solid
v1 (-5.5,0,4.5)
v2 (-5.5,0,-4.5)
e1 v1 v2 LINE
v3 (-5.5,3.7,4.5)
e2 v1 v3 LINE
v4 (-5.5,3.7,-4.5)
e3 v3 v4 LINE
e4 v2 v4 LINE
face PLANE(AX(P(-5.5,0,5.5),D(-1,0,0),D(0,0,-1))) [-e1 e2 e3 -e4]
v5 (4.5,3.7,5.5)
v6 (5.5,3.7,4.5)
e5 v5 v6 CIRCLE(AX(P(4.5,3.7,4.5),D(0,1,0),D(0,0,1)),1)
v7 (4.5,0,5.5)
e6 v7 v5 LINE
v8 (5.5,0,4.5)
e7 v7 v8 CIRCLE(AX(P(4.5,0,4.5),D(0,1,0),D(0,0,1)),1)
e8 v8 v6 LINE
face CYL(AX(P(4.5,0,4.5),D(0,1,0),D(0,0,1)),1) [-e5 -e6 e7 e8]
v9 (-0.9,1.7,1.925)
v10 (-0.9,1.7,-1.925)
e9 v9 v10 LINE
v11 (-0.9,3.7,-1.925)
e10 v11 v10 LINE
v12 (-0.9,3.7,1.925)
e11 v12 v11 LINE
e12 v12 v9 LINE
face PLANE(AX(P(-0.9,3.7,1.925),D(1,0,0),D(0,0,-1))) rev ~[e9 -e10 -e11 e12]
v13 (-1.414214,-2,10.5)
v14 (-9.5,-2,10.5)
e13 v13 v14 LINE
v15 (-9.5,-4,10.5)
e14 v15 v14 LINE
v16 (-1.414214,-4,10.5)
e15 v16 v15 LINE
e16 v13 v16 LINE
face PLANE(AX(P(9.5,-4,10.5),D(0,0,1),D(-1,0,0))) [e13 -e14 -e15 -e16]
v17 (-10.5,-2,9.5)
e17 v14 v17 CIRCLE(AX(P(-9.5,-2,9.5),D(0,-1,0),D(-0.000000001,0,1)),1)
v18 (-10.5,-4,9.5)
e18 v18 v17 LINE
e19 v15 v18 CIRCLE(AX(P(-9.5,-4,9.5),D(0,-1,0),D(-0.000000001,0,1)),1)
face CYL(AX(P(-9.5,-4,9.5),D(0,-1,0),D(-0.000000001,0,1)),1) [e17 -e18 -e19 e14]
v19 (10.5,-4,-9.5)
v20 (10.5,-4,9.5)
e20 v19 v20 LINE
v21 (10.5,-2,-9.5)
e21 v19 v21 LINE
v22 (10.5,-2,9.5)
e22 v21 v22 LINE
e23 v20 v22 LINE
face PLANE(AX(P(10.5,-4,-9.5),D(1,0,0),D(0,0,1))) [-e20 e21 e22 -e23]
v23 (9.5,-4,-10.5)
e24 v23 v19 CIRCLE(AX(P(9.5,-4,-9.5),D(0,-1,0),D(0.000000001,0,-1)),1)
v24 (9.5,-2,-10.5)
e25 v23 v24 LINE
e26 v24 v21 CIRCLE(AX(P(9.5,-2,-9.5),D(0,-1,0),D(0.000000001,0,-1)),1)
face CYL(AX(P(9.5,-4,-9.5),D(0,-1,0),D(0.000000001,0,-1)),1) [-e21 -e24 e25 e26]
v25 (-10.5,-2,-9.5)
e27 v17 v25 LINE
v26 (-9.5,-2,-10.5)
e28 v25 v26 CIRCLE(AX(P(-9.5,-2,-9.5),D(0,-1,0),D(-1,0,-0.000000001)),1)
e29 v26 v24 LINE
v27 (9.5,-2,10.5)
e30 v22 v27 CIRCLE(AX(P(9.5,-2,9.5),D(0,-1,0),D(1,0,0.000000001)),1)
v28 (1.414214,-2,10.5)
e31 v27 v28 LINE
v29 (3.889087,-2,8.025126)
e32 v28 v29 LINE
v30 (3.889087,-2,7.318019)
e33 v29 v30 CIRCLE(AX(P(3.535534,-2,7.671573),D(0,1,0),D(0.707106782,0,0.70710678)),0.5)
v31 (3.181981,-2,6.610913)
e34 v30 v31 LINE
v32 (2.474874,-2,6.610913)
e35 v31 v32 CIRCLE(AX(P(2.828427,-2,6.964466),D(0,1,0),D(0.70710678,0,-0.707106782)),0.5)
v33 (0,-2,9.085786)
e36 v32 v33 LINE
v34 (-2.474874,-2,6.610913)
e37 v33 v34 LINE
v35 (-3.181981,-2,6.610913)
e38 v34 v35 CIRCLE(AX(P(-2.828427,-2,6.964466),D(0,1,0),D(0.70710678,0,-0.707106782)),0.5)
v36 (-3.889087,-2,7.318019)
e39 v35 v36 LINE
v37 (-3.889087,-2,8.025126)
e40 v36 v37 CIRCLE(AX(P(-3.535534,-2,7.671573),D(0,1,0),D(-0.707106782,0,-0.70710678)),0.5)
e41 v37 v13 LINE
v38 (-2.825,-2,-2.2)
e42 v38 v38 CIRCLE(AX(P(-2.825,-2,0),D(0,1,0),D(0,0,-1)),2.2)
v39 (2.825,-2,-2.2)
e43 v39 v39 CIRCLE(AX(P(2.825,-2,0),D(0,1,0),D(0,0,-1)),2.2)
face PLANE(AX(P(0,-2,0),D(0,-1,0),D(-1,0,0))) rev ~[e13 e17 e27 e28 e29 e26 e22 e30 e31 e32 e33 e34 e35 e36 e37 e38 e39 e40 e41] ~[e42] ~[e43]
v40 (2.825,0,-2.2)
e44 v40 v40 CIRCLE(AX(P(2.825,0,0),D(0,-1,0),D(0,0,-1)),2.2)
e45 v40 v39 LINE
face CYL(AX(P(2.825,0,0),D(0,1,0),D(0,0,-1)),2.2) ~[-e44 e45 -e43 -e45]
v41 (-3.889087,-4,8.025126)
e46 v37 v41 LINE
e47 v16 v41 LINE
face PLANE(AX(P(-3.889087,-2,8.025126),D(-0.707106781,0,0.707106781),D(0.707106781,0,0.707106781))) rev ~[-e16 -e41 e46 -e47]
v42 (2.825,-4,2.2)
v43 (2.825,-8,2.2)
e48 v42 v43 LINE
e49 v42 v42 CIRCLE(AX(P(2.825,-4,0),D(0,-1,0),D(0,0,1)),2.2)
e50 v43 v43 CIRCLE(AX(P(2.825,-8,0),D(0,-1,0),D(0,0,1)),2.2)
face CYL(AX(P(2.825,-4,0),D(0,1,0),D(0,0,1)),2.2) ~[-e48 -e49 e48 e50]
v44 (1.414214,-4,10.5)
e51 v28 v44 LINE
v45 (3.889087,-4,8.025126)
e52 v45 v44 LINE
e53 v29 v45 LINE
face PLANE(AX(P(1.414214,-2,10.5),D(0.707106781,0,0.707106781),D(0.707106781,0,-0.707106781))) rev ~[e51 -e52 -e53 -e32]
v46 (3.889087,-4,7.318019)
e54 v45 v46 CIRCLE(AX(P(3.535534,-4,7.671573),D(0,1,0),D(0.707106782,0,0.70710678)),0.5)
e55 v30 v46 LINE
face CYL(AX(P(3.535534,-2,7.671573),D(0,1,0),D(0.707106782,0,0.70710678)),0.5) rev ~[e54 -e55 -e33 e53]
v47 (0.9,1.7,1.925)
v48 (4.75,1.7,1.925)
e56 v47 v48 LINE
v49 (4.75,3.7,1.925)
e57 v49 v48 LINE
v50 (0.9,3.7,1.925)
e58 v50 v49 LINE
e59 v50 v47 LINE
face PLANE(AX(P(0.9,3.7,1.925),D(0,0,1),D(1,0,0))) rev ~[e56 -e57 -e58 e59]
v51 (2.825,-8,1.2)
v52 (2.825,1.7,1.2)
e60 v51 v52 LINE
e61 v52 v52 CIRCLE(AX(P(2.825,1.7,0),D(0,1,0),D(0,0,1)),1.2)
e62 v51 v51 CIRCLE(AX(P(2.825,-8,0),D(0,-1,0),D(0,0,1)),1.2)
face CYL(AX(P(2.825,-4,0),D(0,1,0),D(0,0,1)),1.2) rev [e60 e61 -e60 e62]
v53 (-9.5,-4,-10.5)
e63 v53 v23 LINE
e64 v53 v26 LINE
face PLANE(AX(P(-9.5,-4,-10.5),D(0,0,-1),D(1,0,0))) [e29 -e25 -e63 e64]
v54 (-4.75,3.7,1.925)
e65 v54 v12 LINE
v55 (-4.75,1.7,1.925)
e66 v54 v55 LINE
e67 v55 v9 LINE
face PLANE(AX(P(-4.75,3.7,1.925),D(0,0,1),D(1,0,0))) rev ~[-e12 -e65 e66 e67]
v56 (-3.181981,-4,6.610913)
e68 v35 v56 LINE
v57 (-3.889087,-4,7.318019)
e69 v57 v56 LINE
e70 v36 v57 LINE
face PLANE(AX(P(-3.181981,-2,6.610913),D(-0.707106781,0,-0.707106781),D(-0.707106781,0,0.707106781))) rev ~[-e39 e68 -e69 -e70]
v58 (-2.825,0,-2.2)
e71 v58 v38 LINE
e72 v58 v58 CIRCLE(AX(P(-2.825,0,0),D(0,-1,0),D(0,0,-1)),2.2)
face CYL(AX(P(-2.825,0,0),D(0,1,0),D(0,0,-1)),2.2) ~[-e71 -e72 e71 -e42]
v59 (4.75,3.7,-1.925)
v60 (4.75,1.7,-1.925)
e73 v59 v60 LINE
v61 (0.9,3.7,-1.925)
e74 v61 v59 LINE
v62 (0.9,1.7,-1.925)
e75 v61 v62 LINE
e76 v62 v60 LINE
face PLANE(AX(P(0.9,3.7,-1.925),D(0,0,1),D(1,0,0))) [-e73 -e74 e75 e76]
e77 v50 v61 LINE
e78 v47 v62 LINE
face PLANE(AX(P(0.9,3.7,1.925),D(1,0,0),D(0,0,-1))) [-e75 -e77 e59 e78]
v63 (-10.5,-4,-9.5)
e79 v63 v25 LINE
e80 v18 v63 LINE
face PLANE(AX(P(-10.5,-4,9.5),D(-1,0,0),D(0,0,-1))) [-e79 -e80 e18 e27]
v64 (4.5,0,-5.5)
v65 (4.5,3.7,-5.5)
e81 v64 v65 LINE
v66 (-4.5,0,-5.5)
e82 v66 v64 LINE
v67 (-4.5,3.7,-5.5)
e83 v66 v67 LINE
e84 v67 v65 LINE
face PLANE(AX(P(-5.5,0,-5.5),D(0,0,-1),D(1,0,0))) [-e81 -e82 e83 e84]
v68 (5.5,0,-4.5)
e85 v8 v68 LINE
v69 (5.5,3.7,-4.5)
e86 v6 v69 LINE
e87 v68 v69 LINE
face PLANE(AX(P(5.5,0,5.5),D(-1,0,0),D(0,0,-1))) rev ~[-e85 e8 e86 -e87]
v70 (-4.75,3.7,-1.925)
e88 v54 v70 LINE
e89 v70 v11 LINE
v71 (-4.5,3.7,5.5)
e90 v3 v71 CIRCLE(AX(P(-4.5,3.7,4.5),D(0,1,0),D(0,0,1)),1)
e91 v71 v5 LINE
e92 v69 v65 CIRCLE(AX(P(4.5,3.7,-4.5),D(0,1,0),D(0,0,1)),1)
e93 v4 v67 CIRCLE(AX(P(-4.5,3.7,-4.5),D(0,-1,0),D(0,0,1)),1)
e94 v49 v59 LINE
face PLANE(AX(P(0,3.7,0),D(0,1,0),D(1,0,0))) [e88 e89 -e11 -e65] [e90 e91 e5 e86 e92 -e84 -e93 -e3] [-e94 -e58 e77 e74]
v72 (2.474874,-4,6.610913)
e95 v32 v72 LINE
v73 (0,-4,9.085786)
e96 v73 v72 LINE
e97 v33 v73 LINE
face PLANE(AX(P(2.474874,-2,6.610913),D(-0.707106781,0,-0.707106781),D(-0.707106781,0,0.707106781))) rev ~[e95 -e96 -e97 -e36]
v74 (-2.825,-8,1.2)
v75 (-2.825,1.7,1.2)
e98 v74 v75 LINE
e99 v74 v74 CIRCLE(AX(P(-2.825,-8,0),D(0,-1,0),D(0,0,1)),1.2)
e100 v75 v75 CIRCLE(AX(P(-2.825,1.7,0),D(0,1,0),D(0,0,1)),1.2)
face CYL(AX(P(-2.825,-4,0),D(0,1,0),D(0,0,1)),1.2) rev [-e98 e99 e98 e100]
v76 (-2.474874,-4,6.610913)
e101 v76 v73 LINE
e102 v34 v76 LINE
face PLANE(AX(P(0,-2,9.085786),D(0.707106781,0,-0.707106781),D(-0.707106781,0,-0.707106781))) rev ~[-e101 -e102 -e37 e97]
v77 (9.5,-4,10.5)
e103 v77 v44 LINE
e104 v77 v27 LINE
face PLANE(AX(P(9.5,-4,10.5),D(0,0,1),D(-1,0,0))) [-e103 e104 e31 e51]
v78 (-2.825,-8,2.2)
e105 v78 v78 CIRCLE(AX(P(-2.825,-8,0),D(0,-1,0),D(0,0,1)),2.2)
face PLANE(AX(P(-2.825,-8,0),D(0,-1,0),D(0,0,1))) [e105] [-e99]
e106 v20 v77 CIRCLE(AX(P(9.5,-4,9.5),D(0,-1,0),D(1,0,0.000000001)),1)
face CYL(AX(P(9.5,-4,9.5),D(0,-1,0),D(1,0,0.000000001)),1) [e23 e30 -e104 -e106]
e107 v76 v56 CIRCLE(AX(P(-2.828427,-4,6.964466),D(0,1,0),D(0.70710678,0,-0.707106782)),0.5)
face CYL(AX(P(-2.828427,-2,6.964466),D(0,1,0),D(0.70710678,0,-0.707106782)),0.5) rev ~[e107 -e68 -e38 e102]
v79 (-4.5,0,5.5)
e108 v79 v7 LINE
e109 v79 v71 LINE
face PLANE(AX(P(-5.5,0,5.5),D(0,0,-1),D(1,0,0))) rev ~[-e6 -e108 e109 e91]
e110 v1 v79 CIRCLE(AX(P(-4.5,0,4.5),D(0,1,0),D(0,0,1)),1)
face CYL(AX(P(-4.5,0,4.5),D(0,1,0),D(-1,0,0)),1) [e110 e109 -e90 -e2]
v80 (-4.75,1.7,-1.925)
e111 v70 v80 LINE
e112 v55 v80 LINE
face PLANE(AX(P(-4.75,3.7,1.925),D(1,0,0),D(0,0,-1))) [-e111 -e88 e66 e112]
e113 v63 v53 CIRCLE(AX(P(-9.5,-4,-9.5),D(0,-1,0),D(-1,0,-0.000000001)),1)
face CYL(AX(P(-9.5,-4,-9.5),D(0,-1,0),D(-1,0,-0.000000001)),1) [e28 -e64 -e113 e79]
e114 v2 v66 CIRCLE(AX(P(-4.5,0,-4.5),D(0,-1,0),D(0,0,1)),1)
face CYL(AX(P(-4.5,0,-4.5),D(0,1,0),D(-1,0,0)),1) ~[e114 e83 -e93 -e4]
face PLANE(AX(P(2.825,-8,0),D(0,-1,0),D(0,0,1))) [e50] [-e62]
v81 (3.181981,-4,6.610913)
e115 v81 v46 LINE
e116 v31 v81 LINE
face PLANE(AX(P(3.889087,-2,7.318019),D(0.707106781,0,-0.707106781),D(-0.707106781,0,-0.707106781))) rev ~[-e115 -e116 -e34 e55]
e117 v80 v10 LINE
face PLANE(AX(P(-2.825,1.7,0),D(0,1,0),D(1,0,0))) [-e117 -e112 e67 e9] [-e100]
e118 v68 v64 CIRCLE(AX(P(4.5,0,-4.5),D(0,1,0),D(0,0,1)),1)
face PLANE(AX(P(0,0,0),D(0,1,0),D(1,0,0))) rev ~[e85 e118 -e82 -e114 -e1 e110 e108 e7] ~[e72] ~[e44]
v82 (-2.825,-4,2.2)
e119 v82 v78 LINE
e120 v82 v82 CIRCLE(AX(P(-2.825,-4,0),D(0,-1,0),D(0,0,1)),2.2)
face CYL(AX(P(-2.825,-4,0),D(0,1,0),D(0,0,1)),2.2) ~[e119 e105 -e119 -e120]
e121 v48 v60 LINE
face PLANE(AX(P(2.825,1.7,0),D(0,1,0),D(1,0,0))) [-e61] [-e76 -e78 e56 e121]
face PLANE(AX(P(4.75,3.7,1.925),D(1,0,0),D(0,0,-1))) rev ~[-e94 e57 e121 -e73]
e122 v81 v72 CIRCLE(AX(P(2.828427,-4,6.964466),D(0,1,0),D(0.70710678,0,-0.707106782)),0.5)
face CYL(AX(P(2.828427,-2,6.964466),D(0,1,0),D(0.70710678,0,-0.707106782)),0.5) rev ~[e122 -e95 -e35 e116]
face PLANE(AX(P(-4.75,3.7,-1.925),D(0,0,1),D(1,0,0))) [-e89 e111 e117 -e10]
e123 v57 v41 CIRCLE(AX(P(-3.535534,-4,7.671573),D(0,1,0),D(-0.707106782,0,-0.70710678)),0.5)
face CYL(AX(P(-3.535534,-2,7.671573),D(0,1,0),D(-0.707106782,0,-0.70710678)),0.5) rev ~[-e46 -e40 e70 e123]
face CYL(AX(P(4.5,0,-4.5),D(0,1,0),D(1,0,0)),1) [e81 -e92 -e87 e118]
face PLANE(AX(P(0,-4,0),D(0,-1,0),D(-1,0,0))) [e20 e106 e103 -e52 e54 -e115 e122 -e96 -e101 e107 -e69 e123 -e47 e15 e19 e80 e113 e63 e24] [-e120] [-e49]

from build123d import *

# Parameters (mm, degrees)
SKETCH1_W           = 11
SKETCH1_H           = 11
BOSS_EXTRUDE1_DEPTH = 3.7
FILLET1_R           = 1
SKETCH2_W           = 3.85
SKETCH2_H           = 3.85
CUT_EXTRUDE1_DEPTH  = 2
SKETCH4_R           = 2.2
BOSS_EXTRUDE2_DEPTH = 4
BOSS_EXTRUDE3_DEPTH = 2
SKETCH3_R           = 1.2
CUT_EXTRUDE2_DEPTH  = 17.726924403
CUT_EXTRUDE3_DEPTH  = 16.90565937
SKETCH8_R           = 2.2
SKETCH8_R_2         = 1.2
BOSS_EXTRUDE4_DEPTH = 4


with BuildPart() as part:
    # Sketch1 → Boss-Extrude1 (new body)
    with BuildSketch(Plane(origin=(0, 0, 0), x_dir=(1, 0, 0), z_dir=(0, 1, 0))):
        Rectangle(SKETCH1_W, SKETCH1_H)
    extrude(amount=BOSS_EXTRUDE1_DEPTH)

    # Fillet1
    fillet1_edges = [part.edges().sort_by_distance(p)[0] for p in [
        (5.5, 1.85, 5.5),
        (-5.5, 1.85, 5.5),
        (-5.5, 1.85, -5.5),
        (5.5, 1.85, -5.5),
    ]]
    fillet(fillet1_edges, radius=FILLET1_R)

    # Sketch2 → Cut-Extrude1 (cut)
    with BuildSketch(Plane(origin=(0, 3.7, 0), x_dir=(1, 0, 0), z_dir=(0, 1, 0))):
        with Locations((-2.825, 0)):
            Rectangle(SKETCH2_W, SKETCH2_H)
        with Locations((2.825, 0)):
            Rectangle(SKETCH2_W, SKETCH2_H)
    extrude(amount=-CUT_EXTRUDE1_DEPTH, mode=Mode.SUBTRACT)

    # Sketch4 → Boss-Extrude2 (add)
    with BuildSketch(Plane(origin=(0, 0, 0), x_dir=(-1, 0, 0), z_dir=(0, -1, 0))):
        with Locations(Location((2.825, 0, 0), (0, 0, 90))):
            Circle(SKETCH4_R)
        with Locations(Location((-2.825, 0, 0), (0, 0, 90))):
            Circle(SKETCH4_R)
    extrude(amount=BOSS_EXTRUDE2_DEPTH)

    # Sketch5 → Boss-Extrude3 (add)
    with BuildSketch(Plane(origin=(0, -4, 0), x_dir=(-1, 0, 0), z_dir=(0, -1, 0))):
        with BuildLine():
            Line((9.5, 10.5), (-9.5, 10.5))
            ThreePointArc((-9.5, 10.5), (-10.207106781, 10.207106781), (-10.5, 9.5))
            Line((-10.5, 9.5), (-10.5, -9.5))
            ThreePointArc((-10.5, -9.5), (-10.207106781, -10.207106781), (-9.5, -10.5))
            Line((-9.5, -10.5), (9.5, -10.5))
            ThreePointArc((9.5, -10.5), (10.207106781, -10.207106781), (10.5, -9.5))
            Line((10.5, -9.5), (10.5, 9.5))
            ThreePointArc((10.5, 9.5), (10.207106781, 10.207106781), (9.5, 10.5))
        make_face()
    extrude(amount=-BOSS_EXTRUDE3_DEPTH)

    # Sketch3 → Cut-Extrude2 (cut, through all)
    with BuildSketch(Plane(origin=(0, 3.7, 0), x_dir=(1, 0, 0), z_dir=(0, 1, 0))):
        with Locations(Location((-2.825, 0, 0), (0, 0, 270))):
            Circle(SKETCH3_R)
        with Locations(Location((2.825, 0, 0), (0, 0, 270))):
            Circle(SKETCH3_R)
    extrude(amount=-CUT_EXTRUDE2_DEPTH, mode=Mode.SUBTRACT)

    # Sketch7 → Cut-Extrude3 (cut, through all)
    with BuildSketch(Plane(origin=(0, -2, 0), x_dir=(1, 0, 0), z_dir=(0, 1, 0))):
        with BuildLine():
            Line((0, -9.085786438), (1.414213562, -10.5))
            Line((1.414213562, -10.5), (3.889087297, -8.025126266))
            ThreePointArc((3.889087297, -8.025126266), (4.035533906, -7.671572875), (3.889087297, -7.318019485))
            Line((3.889087297, -7.318019485), (3.181980515, -6.610912703))
            ThreePointArc((3.181980515, -6.610912703), (2.828427125, -6.464466094), (2.474873734, -6.610912703))
            Line((2.474873734, -6.610912703), (0, -9.085786438))
        make_face()
        with BuildLine():
            Line((-3.889087297, -8.025126266), (-1.414213562, -10.5))
            Line((-1.414213562, -10.5), (0, -9.085786438))
            Line((0, -9.085786438), (-2.474873734, -6.610912703))
            ThreePointArc((-2.474873734, -6.610912703), (-2.828427125, -6.464466094), (-3.181980515, -6.610912703))
            Line((-3.181980515, -6.610912703), (-3.889087297, -7.318019485))
            ThreePointArc((-3.889087297, -7.318019485), (-4.035533906, -7.671572875), (-3.889087297, -8.025126266))
        make_face()
        Polygon((-1.414213562, -10.5), (1.414213562, -10.5), (0, -9.085786438), align=None)
    extrude(amount=-CUT_EXTRUDE3_DEPTH, mode=Mode.SUBTRACT)

    # Sketch8 → Boss-Extrude4 (add)
    # profile 1 of 2: a face of its own
    with BuildSketch(Plane.XZ.offset(4)):
        with Locations(Location((-2.825, 0, 0), (0, 0, 90))):
            Circle(SKETCH8_R)
        with Locations(Location((-2.825, 0, 0), (0, 0, 90))):
            Circle(SKETCH8_R_2, mode=Mode.SUBTRACT)
    # profile 2 of 2: a face of its own
    with BuildSketch(Plane.XZ.offset(4)):
        with Locations(Location((2.825, 0, 0), (0, 0, 90))):
            Circle(SKETCH8_R)
        with Locations(Location((2.825, 0, 0), (0, 0, 90))):
            Circle(SKETCH8_R_2, mode=Mode.SUBTRACT)
    extrude(amount=BOSS_EXTRUDE4_DEPTH)


solid = part.part
